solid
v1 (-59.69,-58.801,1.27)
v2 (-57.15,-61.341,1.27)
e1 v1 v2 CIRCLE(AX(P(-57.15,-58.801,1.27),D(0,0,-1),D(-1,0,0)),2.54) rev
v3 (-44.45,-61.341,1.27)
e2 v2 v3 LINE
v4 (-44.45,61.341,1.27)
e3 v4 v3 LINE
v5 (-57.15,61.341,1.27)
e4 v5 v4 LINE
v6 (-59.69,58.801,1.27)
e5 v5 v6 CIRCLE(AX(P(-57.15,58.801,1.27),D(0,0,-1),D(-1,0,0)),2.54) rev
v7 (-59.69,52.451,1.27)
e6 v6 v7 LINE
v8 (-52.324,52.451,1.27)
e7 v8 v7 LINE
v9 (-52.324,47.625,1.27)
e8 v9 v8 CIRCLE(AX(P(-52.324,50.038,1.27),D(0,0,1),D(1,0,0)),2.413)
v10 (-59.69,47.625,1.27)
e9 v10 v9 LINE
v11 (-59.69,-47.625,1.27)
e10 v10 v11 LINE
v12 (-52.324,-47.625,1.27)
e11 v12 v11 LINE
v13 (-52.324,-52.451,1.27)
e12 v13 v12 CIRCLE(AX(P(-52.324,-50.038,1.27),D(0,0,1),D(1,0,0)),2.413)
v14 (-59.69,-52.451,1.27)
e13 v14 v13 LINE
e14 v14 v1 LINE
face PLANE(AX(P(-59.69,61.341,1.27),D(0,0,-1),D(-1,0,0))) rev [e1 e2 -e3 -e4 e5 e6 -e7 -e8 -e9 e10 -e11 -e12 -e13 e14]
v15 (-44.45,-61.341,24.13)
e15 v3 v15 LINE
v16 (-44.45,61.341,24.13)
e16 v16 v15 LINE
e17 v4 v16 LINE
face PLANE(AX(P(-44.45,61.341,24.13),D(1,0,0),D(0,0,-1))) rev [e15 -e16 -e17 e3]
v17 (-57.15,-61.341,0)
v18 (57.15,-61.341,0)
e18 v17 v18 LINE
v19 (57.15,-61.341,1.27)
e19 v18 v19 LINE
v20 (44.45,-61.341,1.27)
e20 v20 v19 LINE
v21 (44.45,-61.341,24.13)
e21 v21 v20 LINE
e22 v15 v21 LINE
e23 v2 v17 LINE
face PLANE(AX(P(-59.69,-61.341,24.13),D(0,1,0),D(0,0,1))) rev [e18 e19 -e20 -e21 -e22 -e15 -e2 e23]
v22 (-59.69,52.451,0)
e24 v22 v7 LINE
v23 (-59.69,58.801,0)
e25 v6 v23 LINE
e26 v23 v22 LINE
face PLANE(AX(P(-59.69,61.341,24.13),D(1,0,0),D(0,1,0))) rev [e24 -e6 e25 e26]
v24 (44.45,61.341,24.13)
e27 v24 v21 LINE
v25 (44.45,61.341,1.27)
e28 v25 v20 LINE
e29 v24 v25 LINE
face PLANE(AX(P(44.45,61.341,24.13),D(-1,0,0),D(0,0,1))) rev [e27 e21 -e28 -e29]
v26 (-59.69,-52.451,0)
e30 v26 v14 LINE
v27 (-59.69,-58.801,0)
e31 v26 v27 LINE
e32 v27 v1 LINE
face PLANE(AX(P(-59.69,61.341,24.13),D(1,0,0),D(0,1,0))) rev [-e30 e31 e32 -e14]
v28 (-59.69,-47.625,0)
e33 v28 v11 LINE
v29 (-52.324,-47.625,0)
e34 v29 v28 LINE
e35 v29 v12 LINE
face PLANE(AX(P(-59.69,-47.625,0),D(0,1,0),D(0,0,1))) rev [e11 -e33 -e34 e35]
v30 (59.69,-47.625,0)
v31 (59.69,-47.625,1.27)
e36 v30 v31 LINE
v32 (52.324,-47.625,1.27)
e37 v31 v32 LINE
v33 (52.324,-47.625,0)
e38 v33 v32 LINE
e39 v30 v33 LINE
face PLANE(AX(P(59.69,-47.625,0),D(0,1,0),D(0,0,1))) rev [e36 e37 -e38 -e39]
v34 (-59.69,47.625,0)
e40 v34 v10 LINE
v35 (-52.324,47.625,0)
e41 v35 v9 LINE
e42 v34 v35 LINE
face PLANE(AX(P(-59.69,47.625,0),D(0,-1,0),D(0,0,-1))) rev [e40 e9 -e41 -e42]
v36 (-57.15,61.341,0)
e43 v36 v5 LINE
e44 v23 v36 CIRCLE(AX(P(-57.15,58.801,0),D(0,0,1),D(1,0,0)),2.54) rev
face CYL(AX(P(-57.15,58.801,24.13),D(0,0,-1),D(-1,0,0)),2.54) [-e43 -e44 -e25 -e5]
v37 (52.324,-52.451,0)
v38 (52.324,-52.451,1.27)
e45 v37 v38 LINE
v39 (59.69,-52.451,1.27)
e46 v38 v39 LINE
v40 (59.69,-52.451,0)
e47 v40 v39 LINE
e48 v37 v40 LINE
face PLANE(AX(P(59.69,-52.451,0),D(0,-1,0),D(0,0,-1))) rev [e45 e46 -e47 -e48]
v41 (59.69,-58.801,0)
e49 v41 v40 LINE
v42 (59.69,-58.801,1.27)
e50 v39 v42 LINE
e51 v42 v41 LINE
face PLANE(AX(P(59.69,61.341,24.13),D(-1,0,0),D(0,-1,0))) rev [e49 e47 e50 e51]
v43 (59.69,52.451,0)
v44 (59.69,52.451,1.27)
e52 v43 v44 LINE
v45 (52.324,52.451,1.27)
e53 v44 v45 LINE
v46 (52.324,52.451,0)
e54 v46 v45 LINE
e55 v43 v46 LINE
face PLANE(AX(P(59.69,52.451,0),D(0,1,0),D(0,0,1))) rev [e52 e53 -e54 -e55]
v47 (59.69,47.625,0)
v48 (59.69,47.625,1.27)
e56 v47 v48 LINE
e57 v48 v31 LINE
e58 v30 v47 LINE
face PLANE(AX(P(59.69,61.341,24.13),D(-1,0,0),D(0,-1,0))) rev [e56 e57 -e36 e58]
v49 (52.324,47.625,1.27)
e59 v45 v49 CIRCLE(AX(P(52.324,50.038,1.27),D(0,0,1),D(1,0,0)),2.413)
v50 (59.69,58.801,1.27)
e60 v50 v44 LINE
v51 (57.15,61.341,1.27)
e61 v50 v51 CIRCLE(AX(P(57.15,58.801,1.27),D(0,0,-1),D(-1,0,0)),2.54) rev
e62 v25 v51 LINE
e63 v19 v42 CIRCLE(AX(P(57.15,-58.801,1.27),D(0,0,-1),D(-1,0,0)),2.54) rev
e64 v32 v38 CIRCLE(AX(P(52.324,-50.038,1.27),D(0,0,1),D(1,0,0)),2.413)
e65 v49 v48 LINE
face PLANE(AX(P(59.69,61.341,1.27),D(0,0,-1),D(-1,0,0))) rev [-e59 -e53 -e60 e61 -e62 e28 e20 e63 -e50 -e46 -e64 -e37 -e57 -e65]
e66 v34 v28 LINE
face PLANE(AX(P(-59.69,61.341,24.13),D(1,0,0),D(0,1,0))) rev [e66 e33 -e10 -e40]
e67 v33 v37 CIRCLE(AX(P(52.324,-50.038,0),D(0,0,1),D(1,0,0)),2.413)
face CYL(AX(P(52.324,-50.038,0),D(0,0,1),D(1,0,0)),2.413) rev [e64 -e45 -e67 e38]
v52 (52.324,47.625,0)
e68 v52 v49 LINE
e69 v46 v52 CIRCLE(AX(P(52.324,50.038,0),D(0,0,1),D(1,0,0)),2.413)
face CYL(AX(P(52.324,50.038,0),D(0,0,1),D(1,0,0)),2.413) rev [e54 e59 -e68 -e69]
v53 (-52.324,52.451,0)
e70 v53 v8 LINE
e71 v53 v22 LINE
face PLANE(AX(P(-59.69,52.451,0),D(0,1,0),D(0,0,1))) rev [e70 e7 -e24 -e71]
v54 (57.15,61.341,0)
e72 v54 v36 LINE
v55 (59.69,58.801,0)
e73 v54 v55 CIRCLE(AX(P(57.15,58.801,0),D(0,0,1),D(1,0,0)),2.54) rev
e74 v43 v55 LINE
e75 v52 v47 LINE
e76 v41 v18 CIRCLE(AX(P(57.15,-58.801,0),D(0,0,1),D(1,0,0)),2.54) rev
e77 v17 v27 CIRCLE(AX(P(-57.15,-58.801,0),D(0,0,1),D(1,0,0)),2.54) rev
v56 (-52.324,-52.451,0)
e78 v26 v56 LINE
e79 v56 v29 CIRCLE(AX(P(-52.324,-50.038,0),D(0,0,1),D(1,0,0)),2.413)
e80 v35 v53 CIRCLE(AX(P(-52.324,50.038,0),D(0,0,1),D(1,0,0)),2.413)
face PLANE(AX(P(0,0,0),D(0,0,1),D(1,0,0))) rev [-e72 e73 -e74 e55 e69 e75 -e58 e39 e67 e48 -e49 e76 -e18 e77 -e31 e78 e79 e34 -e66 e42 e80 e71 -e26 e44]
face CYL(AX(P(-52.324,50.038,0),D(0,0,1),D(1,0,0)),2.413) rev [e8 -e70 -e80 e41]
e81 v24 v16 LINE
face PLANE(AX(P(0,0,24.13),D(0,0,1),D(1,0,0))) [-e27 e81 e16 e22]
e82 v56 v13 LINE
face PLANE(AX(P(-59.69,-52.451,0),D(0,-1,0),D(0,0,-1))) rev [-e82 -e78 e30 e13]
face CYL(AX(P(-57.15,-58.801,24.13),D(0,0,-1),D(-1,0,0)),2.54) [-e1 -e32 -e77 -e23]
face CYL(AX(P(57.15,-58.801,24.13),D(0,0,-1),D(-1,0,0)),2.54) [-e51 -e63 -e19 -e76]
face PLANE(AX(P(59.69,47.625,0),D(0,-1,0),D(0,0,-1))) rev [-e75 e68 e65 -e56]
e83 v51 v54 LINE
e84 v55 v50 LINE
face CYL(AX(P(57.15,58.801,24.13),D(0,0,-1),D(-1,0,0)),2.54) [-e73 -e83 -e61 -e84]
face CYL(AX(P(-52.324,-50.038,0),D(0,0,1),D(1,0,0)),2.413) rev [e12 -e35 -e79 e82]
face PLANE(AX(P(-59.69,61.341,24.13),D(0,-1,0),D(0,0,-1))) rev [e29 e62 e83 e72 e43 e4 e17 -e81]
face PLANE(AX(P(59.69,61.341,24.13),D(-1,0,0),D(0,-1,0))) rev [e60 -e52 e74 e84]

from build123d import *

# Parameters (mm, degrees)
SKETCH1_W           = 119.38
SKETCH1_H           = 122.682
BOSS_EXTRUDE1_DEPTH = 24.13
SKETCH2_W           = 15.24
SKETCH2_H           = 22.86
CUT_EXTRUDE1_DEPTH  = 139.549724374
CUT_EXTRUDE2_DEPTH  = 89.590033192
FILLET1_R           = 2.54


with BuildPart() as part:
    # Sketch1 → Boss-Extrude1 (new body)
    with BuildSketch(Plane.XY):
        Rectangle(SKETCH1_W, SKETCH1_H)
    extrude(amount=BOSS_EXTRUDE1_DEPTH)

    # Sketch2 → Cut-Extrude1 (cut, through all)
    with BuildSketch(Plane.XZ.offset(61.341)):
        with Locations((52.07, 12.7)):
            Rectangle(SKETCH2_W, SKETCH2_H)
        with Locations((-52.07, 12.7)):
            Rectangle(SKETCH2_W, SKETCH2_H)
    extrude(amount=-CUT_EXTRUDE1_DEPTH, mode=Mode.SUBTRACT)

    # Sketch3 → Cut-Extrude2 (cut, through all)
    with BuildSketch(Plane.XY.offset(1.27)):
        with BuildLine():
            Line((-59.69, 52.451), (-52.324, 52.451))
            ThreePointArc((-52.324, 52.451), (-49.911, 50.038), (-52.324, 47.625))
            Line((-52.324, 47.625), (-59.69, 47.625))
            ThreePointArc((-59.69, 47.625), (-62.103, 50.038), (-59.69, 52.451))
        make_face()
        with BuildLine():
            Line((-59.69, -47.625), (-52.324, -47.625))
            ThreePointArc((-52.324, -47.625), (-49.911, -50.038), (-52.324, -52.451))
            Line((-52.324, -52.451), (-59.69, -52.451))
            ThreePointArc((-59.69, -52.451), (-62.103, -50.038), (-59.69, -47.625))
        make_face()
        with BuildLine():
            Line((59.69, -52.451), (52.324, -52.451))
            ThreePointArc((52.324, -52.451), (49.911, -50.038), (52.324, -47.625))
            Line((52.324, -47.625), (59.69, -47.625))
            ThreePointArc((59.69, -47.625), (62.103, -50.038), (59.69, -52.451))
        make_face()
        with BuildLine():
            Line((59.69, 47.625), (52.324, 47.625))
            ThreePointArc((52.324, 47.625), (49.911, 50.038), (52.324, 52.451))
            Line((52.324, 52.451), (59.69, 52.451))
            ThreePointArc((59.69, 52.451), (62.103, 50.038), (59.69, 47.625))
        make_face()
    extrude(amount=-CUT_EXTRUDE2_DEPTH, mode=Mode.SUBTRACT)

    # Fillet1
    fillet1_edges = [part.edges().sort_by_distance(p)[0] for p in [
        (59.69, -61.341, 0.635),
        (-59.69, -61.341, 0.635),
        (-59.69, 61.341, 0.635),
        (59.69, 61.341, 0.635),
    ]]
    fillet(fillet1_edges, radius=FILLET1_R)


solid = part.part
